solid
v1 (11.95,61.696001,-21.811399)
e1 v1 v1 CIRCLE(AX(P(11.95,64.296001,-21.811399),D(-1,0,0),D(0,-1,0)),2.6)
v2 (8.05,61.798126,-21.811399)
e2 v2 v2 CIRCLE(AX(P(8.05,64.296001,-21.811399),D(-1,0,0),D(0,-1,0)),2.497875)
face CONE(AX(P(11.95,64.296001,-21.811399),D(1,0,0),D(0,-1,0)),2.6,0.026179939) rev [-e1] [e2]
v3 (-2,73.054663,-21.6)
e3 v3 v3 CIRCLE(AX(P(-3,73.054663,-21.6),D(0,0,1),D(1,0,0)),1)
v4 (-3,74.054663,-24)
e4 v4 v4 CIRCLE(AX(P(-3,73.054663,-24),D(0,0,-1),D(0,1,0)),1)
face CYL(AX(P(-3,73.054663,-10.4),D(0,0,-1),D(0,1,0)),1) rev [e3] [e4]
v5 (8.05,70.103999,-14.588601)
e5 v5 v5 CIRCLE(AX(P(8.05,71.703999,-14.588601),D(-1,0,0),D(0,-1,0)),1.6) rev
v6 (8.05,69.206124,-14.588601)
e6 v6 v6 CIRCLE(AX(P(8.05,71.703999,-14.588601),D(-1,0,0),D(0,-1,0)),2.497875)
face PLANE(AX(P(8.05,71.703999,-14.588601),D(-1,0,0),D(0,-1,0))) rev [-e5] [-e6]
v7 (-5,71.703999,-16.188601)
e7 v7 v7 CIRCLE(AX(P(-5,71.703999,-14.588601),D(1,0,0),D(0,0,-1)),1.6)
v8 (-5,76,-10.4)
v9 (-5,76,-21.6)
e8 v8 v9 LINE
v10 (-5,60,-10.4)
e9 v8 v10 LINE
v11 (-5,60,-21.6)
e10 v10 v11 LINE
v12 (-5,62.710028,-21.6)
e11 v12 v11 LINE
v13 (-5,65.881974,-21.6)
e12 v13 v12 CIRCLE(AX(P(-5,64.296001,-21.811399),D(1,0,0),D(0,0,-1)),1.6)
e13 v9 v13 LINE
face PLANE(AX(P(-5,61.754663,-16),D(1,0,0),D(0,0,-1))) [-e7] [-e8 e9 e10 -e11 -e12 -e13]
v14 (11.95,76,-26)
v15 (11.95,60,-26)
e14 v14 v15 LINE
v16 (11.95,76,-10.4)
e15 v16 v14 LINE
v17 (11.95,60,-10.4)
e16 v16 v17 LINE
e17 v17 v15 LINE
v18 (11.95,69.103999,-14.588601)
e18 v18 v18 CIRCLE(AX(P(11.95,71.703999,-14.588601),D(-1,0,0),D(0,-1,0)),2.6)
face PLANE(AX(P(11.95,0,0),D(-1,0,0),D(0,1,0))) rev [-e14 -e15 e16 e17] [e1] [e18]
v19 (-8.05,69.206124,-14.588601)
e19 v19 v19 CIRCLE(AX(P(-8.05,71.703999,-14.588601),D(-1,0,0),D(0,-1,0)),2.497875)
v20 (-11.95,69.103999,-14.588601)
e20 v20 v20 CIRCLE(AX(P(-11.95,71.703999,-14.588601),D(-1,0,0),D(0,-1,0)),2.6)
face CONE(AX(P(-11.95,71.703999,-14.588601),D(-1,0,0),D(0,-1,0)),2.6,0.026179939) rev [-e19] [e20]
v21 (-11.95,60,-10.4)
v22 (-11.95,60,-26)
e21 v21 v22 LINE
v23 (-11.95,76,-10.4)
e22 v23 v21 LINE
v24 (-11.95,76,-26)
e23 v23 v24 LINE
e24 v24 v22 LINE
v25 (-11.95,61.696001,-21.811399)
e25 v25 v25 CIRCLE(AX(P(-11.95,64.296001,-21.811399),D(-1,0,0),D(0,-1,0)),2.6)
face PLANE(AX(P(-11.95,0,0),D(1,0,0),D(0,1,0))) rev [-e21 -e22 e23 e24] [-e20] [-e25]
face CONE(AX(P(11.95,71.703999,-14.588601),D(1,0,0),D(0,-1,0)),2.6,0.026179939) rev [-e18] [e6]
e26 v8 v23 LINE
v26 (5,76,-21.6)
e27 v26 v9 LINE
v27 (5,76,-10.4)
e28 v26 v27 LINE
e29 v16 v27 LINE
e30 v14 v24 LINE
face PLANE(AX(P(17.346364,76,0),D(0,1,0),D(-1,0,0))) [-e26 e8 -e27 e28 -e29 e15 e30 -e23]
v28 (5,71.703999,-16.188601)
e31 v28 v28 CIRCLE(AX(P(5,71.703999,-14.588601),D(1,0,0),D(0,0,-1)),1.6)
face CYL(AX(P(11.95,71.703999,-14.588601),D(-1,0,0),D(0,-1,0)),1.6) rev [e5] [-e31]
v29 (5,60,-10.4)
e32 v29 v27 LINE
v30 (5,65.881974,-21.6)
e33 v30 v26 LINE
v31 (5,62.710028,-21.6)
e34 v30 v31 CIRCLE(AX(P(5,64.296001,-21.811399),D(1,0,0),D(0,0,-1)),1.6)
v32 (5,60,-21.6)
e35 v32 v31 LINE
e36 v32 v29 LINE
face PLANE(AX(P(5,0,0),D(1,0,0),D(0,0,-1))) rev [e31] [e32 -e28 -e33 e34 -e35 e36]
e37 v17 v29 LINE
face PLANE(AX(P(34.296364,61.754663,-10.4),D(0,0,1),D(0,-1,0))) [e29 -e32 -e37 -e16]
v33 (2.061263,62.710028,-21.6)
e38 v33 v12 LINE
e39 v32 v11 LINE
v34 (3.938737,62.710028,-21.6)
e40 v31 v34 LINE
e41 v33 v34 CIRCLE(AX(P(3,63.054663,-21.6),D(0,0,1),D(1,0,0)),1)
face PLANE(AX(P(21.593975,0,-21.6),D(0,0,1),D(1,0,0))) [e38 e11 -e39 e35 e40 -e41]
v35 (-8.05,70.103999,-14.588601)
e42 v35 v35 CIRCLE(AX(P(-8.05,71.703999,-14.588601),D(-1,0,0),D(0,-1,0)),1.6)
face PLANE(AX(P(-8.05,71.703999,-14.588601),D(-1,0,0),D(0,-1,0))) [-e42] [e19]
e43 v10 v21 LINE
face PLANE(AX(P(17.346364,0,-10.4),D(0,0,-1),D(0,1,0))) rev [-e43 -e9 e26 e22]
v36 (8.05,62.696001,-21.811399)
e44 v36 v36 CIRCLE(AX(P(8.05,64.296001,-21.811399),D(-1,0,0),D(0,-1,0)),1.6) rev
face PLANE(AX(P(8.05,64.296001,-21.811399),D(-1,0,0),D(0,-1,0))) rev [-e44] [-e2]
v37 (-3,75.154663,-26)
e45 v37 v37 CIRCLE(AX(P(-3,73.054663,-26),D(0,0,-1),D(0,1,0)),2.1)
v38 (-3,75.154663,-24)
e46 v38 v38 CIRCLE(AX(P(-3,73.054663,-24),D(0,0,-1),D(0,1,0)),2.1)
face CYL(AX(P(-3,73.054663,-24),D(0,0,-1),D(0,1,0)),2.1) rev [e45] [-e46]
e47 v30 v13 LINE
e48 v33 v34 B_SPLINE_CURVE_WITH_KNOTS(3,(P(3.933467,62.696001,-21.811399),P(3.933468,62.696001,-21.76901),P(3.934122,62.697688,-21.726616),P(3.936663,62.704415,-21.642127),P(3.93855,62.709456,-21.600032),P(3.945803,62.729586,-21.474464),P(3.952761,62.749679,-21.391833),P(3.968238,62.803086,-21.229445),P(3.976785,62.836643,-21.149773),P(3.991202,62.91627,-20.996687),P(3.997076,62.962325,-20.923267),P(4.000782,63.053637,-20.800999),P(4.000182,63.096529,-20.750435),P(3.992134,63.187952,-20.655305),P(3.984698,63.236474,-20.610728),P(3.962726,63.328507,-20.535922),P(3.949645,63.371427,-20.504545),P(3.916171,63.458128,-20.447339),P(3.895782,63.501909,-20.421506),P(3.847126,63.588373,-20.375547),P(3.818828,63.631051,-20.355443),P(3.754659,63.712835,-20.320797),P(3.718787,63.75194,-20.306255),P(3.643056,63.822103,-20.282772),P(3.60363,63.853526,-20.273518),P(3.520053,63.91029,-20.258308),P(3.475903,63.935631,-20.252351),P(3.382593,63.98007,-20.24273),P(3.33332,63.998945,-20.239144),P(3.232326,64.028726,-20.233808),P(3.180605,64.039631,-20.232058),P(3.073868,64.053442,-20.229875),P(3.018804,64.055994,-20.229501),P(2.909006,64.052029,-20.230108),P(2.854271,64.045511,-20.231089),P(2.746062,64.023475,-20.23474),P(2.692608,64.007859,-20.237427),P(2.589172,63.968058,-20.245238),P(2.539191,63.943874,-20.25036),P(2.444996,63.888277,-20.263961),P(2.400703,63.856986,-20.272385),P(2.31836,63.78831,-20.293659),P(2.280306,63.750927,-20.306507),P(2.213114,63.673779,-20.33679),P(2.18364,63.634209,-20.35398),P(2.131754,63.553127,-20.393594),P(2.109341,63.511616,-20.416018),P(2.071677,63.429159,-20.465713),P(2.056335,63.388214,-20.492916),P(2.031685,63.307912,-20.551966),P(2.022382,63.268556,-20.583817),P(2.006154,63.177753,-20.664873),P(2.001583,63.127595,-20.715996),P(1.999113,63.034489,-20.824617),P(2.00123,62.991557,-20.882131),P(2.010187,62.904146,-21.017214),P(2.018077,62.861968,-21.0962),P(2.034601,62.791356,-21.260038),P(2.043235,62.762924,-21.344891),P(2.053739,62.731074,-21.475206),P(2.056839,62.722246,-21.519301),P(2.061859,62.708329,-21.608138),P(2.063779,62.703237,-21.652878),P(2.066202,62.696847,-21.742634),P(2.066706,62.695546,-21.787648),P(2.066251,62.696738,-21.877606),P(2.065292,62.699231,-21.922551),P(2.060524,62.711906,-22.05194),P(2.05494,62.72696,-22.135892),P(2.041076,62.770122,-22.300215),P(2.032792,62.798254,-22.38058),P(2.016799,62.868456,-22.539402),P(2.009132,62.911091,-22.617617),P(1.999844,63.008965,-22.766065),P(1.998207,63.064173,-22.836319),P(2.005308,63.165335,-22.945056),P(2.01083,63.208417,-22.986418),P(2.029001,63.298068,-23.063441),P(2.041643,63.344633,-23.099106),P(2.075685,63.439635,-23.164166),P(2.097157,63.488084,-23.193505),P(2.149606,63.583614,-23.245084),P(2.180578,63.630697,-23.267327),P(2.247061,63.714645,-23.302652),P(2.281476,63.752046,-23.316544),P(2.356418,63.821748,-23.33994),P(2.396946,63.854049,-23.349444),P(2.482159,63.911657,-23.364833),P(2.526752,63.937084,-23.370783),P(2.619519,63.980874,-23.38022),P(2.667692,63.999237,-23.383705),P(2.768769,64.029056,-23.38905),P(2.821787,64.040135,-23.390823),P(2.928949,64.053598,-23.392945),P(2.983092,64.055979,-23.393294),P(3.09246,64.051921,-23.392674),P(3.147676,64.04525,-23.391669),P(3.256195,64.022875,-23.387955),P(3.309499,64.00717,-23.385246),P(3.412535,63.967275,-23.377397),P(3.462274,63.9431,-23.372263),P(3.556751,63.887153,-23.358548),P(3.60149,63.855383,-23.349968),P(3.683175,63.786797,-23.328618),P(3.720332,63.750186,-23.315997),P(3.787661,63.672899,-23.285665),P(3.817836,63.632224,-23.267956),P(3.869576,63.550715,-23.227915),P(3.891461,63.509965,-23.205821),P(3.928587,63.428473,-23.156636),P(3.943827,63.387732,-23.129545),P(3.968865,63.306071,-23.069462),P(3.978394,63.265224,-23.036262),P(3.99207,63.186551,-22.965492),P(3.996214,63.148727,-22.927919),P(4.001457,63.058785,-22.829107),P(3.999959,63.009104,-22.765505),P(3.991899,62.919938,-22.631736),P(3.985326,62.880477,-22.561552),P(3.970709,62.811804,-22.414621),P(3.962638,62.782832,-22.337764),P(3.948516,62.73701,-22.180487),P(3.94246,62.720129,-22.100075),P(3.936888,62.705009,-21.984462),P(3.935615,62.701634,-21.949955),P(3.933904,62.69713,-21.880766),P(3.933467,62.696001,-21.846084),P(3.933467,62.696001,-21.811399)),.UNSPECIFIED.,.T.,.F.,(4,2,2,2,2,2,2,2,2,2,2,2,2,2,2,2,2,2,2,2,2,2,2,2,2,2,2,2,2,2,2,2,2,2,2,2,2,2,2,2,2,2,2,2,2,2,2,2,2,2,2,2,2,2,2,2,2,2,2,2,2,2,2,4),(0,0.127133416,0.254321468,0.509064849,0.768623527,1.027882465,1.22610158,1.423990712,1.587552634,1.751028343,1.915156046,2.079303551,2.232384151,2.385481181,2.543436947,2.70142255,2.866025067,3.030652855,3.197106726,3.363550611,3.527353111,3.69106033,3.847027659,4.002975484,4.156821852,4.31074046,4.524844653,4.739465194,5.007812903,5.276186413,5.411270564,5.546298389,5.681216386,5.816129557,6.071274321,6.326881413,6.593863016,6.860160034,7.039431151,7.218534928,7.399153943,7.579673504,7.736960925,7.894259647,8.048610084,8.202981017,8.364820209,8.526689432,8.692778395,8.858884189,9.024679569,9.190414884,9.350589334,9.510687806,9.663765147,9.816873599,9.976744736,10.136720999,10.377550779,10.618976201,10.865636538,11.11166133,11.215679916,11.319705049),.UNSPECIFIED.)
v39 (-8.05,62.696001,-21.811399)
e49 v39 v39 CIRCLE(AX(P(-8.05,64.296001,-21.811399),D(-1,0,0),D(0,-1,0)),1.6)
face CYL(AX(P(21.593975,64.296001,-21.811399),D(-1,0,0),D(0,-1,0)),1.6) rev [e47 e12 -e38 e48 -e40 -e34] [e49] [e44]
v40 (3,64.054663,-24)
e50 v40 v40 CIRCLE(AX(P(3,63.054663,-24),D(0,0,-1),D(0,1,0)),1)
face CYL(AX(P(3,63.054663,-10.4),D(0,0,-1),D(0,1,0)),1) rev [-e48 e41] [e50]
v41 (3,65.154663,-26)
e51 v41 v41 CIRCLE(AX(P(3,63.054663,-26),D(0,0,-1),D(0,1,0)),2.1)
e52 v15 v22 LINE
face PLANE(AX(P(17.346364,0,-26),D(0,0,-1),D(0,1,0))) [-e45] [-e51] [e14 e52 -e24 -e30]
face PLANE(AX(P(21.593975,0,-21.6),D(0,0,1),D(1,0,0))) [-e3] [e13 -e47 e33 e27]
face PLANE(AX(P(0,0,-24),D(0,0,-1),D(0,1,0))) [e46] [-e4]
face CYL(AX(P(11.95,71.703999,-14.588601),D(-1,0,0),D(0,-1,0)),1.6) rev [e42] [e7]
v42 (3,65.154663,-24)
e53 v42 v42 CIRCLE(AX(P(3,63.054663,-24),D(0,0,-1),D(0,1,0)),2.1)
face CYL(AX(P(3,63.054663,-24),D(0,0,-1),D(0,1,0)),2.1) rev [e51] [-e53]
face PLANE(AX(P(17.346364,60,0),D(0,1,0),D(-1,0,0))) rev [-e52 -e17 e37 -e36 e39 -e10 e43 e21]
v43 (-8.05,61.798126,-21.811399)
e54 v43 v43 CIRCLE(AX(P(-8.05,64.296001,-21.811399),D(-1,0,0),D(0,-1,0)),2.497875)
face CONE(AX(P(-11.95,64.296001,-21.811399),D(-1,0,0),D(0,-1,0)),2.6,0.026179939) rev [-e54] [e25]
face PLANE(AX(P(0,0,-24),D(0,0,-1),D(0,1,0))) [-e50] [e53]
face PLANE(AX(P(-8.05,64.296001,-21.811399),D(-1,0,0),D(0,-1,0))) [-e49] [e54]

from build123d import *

# Parameters (mm, degrees)
SKETCH1_W                    = 15.6
SKETCH1_H                    = 16
BOSS_EXTRUDE1_DEPTH          = 6.95
SKETCH1_3_W                  = 4.4
SKETCH1_3_H                  = 16
BOSS_EXTRUDE2_DEPTH          = 16.95
BOSS_EXTRUDE3_START          = 16.95
SKETCH1_4_W                  = 15.6
SKETCH1_4_H                  = 16
BOSS_EXTRUDE3_DEPTH          = 6.95
SKETCH2_R                    = 2.6
CUT_EXTRUDE1_DEPTH           = 3.9
CUT_EXTRUDE1_DRAFT           = -1.5
CUT_EXTRUDE1_PROFILE_2_DEPTH = 3.9
CUT_EXTRUDE1_PROFILE_2_DRAFT = -1.5
SKETCH2_3_R                  = 1.6
CUT_EXTRUDE2_DEPTH           = 84.804594146
SKETCH3_R                    = 1
CUT_EXTRUDE3_DEPTH           = 79.499442673
SKETCH3_3_R                  = 2.1
CUT_EXTRUDE4_DEPTH           = 2
CUT_EXTRUDE5_START           = -23.9
SKETCH2_4_R                  = 2.6
CUT_EXTRUDE5_DEPTH           = 3.9
CUT_EXTRUDE5_DRAFT           = 1.5
CUT_EXTRUDE5_PROFILE_2_DEPTH = 3.9
CUT_EXTRUDE5_PROFILE_2_DRAFT = 1.5


with BuildPart() as part:
    # Sketch1 → Boss-Extrude1 (new body)
    with BuildSketch(Plane(origin=(-11.95, 0, 0), x_dir=(0, 0, -1), z_dir=(1, 0, 0))):
        with Locations((18.2, 68)):
            Rectangle(SKETCH1_W, SKETCH1_H)
    extrude(amount=BOSS_EXTRUDE1_DEPTH)

    # Sketch1<3> → Boss-Extrude2 (add)
    with BuildSketch(Plane(origin=(-11.95, 0, 0), x_dir=(0, 0, -1), z_dir=(1, 0, 0))):
        with Locations((23.8, 68)):
            Rectangle(SKETCH1_3_W, SKETCH1_3_H)
    extrude(amount=BOSS_EXTRUDE2_DEPTH)

    # Sketch1<4> → Boss-Extrude3 (add)
    with BuildSketch(Plane(origin=(-11.95, 0, 0), x_dir=(0, 0, -1), z_dir=(1, 0, 0)).offset(BOSS_EXTRUDE3_START)):
        with Locations((18.2, 68)):
            Rectangle(SKETCH1_4_W, SKETCH1_4_H)
    extrude(amount=BOSS_EXTRUDE3_DEPTH)


with BuildPart() as cut_extrude1_tool:
    # Sketch2 → Cut-Extrude1 (with draft: the straight prism first)
    with BuildSketch(Plane.ZY.offset(11.95)):
        with Locations((-21.811399183, 64.296000838)):
            Circle(SKETCH2_R)
    extrude(amount=-CUT_EXTRUDE1_DEPTH)
    # Cut-Extrude1: the draft: its side faces are tilted about the plane it starts from
    cut_extrude1_sides = [cut_extrude1_tool.faces().sort_by_distance(p)[0] for p in [
        (-10, 64.296000838, -24.411399183),
    ]]
    draft(cut_extrude1_sides, Plane.ZY.offset(11.95), CUT_EXTRUDE1_DRAFT)


with BuildPart() as part_1:
    add(part.part)

    # Cut-Extrude1: cut by cut_extrude1_tool
    add(cut_extrude1_tool.part, mode=Mode.SUBTRACT)


with BuildPart() as cut_extrude1_profile_2_tool:
    # Sketch2 → Cut-Extrude1 profile 2 (with draft: the straight prism first)
    with BuildSketch(Plane.ZY.offset(11.95)):
        with Locations((-14.588600817, 71.703999162)):
            Circle(SKETCH2_R)
    extrude(amount=-CUT_EXTRUDE1_PROFILE_2_DEPTH)
    # Cut-Extrude1 profile 2: the draft: its side faces are tilted about the plane it starts from
    cut_extrude1_profile_2_sides = [cut_extrude1_profile_2_tool.faces().sort_by_distance(p)[0] for p in [
        (-10, 71.703999162, -17.188600817),
    ]]
    draft(cut_extrude1_profile_2_sides, Plane.ZY.offset(11.95), CUT_EXTRUDE1_PROFILE_2_DRAFT)


with BuildPart() as part_2:
    add(part_1.part)

    # Cut-Extrude1 profile 2: cut by cut_extrude1_profile_2_tool
    add(cut_extrude1_profile_2_tool.part, mode=Mode.SUBTRACT)

    # Sketch2<3> → Cut-Extrude2 (cut, through all)
    with BuildSketch(Plane.ZY.offset(11.95)):
        with Locations(Location((-21.811399183, 64.296000838, 0), (0, 0, 270))):
            Circle(SKETCH2_3_R)
        with Locations(Location((-14.588600817, 71.703999162, 0), (0, 0, 270))):
            Circle(SKETCH2_3_R)
    extrude(amount=-CUT_EXTRUDE2_DEPTH, mode=Mode.SUBTRACT)

    # Sketch3 → Cut-Extrude3 (cut, through all)
    with BuildSketch(Plane(origin=(0, 0, -26), x_dir=(-1, 0, 0), z_dir=(0, 0, -1))):
        with Locations(Location((3, 73.05466329, 0), (0, 0, 90))):
            Circle(SKETCH3_R)
        with Locations(Location((-3, 63.05466329, 0), (0, 0, 90))):
            Circle(SKETCH3_R)
    extrude(amount=-CUT_EXTRUDE3_DEPTH, mode=Mode.SUBTRACT)

    # Sketch3<3> → Cut-Extrude4 (cut)
    with BuildSketch(Plane(origin=(0, 0, -26), x_dir=(-1, 0, 0), z_dir=(0, 0, -1))):
        with Locations(Location((3, 73.05466329, 0), (0, 0, 90))):
            Circle(SKETCH3_3_R)
        with Locations(Location((-3, 63.05466329, 0), (0, 0, 90))):
            Circle(SKETCH3_3_R)
    extrude(amount=-CUT_EXTRUDE4_DEPTH, mode=Mode.SUBTRACT)


with BuildPart() as cut_extrude5_tool:
    # Sketch2<4> → Cut-Extrude5 (with draft: the straight prism first)
    with BuildSketch(Plane.ZY.offset(11.95).offset(CUT_EXTRUDE5_START)):
        with Locations((-21.811399183, 64.296000838)):
            Circle(SKETCH2_4_R)
    extrude(amount=CUT_EXTRUDE5_DEPTH)
    # Cut-Extrude5: the draft: its side faces are tilted about the plane it starts from
    cut_extrude5_sides = [cut_extrude5_tool.faces().sort_by_distance(p)[0] for p in [
        (10, 64.296000838, -24.411399183),
    ]]
    draft(cut_extrude5_sides, Plane.ZY.offset(11.95).offset(CUT_EXTRUDE5_START), CUT_EXTRUDE5_DRAFT)


with BuildPart() as part_3:
    add(part_2.part)

    # Cut-Extrude5: cut by cut_extrude5_tool
    add(cut_extrude5_tool.part, mode=Mode.SUBTRACT)


with BuildPart() as cut_extrude5_profile_2_tool:
    # Sketch2<4> → Cut-Extrude5 profile 2 (with draft: the straight prism first)
    with BuildSketch(Plane.ZY.offset(11.95).offset(CUT_EXTRUDE5_START)):
        with Locations((-14.588600817, 71.703999162)):
            Circle(SKETCH2_4_R)
    extrude(amount=CUT_EXTRUDE5_PROFILE_2_DEPTH)
    # Cut-Extrude5 profile 2: the draft: its side faces are tilted about the plane it starts from
    cut_extrude5_profile_2_sides = [cut_extrude5_profile_2_tool.faces().sort_by_distance(p)[0] for p in [
        (10, 71.703999162, -17.188600817),
    ]]
    draft(cut_extrude5_profile_2_sides, Plane.ZY.offset(11.95).offset(CUT_EXTRUDE5_START), CUT_EXTRUDE5_PROFILE_2_DRAFT)


with BuildPart() as part_4:
    add(part_3.part)

    # Cut-Extrude5 profile 2: cut by cut_extrude5_profile_2_tool
    add(cut_extrude5_profile_2_tool.part, mode=Mode.SUBTRACT)


solid = part_4.part
